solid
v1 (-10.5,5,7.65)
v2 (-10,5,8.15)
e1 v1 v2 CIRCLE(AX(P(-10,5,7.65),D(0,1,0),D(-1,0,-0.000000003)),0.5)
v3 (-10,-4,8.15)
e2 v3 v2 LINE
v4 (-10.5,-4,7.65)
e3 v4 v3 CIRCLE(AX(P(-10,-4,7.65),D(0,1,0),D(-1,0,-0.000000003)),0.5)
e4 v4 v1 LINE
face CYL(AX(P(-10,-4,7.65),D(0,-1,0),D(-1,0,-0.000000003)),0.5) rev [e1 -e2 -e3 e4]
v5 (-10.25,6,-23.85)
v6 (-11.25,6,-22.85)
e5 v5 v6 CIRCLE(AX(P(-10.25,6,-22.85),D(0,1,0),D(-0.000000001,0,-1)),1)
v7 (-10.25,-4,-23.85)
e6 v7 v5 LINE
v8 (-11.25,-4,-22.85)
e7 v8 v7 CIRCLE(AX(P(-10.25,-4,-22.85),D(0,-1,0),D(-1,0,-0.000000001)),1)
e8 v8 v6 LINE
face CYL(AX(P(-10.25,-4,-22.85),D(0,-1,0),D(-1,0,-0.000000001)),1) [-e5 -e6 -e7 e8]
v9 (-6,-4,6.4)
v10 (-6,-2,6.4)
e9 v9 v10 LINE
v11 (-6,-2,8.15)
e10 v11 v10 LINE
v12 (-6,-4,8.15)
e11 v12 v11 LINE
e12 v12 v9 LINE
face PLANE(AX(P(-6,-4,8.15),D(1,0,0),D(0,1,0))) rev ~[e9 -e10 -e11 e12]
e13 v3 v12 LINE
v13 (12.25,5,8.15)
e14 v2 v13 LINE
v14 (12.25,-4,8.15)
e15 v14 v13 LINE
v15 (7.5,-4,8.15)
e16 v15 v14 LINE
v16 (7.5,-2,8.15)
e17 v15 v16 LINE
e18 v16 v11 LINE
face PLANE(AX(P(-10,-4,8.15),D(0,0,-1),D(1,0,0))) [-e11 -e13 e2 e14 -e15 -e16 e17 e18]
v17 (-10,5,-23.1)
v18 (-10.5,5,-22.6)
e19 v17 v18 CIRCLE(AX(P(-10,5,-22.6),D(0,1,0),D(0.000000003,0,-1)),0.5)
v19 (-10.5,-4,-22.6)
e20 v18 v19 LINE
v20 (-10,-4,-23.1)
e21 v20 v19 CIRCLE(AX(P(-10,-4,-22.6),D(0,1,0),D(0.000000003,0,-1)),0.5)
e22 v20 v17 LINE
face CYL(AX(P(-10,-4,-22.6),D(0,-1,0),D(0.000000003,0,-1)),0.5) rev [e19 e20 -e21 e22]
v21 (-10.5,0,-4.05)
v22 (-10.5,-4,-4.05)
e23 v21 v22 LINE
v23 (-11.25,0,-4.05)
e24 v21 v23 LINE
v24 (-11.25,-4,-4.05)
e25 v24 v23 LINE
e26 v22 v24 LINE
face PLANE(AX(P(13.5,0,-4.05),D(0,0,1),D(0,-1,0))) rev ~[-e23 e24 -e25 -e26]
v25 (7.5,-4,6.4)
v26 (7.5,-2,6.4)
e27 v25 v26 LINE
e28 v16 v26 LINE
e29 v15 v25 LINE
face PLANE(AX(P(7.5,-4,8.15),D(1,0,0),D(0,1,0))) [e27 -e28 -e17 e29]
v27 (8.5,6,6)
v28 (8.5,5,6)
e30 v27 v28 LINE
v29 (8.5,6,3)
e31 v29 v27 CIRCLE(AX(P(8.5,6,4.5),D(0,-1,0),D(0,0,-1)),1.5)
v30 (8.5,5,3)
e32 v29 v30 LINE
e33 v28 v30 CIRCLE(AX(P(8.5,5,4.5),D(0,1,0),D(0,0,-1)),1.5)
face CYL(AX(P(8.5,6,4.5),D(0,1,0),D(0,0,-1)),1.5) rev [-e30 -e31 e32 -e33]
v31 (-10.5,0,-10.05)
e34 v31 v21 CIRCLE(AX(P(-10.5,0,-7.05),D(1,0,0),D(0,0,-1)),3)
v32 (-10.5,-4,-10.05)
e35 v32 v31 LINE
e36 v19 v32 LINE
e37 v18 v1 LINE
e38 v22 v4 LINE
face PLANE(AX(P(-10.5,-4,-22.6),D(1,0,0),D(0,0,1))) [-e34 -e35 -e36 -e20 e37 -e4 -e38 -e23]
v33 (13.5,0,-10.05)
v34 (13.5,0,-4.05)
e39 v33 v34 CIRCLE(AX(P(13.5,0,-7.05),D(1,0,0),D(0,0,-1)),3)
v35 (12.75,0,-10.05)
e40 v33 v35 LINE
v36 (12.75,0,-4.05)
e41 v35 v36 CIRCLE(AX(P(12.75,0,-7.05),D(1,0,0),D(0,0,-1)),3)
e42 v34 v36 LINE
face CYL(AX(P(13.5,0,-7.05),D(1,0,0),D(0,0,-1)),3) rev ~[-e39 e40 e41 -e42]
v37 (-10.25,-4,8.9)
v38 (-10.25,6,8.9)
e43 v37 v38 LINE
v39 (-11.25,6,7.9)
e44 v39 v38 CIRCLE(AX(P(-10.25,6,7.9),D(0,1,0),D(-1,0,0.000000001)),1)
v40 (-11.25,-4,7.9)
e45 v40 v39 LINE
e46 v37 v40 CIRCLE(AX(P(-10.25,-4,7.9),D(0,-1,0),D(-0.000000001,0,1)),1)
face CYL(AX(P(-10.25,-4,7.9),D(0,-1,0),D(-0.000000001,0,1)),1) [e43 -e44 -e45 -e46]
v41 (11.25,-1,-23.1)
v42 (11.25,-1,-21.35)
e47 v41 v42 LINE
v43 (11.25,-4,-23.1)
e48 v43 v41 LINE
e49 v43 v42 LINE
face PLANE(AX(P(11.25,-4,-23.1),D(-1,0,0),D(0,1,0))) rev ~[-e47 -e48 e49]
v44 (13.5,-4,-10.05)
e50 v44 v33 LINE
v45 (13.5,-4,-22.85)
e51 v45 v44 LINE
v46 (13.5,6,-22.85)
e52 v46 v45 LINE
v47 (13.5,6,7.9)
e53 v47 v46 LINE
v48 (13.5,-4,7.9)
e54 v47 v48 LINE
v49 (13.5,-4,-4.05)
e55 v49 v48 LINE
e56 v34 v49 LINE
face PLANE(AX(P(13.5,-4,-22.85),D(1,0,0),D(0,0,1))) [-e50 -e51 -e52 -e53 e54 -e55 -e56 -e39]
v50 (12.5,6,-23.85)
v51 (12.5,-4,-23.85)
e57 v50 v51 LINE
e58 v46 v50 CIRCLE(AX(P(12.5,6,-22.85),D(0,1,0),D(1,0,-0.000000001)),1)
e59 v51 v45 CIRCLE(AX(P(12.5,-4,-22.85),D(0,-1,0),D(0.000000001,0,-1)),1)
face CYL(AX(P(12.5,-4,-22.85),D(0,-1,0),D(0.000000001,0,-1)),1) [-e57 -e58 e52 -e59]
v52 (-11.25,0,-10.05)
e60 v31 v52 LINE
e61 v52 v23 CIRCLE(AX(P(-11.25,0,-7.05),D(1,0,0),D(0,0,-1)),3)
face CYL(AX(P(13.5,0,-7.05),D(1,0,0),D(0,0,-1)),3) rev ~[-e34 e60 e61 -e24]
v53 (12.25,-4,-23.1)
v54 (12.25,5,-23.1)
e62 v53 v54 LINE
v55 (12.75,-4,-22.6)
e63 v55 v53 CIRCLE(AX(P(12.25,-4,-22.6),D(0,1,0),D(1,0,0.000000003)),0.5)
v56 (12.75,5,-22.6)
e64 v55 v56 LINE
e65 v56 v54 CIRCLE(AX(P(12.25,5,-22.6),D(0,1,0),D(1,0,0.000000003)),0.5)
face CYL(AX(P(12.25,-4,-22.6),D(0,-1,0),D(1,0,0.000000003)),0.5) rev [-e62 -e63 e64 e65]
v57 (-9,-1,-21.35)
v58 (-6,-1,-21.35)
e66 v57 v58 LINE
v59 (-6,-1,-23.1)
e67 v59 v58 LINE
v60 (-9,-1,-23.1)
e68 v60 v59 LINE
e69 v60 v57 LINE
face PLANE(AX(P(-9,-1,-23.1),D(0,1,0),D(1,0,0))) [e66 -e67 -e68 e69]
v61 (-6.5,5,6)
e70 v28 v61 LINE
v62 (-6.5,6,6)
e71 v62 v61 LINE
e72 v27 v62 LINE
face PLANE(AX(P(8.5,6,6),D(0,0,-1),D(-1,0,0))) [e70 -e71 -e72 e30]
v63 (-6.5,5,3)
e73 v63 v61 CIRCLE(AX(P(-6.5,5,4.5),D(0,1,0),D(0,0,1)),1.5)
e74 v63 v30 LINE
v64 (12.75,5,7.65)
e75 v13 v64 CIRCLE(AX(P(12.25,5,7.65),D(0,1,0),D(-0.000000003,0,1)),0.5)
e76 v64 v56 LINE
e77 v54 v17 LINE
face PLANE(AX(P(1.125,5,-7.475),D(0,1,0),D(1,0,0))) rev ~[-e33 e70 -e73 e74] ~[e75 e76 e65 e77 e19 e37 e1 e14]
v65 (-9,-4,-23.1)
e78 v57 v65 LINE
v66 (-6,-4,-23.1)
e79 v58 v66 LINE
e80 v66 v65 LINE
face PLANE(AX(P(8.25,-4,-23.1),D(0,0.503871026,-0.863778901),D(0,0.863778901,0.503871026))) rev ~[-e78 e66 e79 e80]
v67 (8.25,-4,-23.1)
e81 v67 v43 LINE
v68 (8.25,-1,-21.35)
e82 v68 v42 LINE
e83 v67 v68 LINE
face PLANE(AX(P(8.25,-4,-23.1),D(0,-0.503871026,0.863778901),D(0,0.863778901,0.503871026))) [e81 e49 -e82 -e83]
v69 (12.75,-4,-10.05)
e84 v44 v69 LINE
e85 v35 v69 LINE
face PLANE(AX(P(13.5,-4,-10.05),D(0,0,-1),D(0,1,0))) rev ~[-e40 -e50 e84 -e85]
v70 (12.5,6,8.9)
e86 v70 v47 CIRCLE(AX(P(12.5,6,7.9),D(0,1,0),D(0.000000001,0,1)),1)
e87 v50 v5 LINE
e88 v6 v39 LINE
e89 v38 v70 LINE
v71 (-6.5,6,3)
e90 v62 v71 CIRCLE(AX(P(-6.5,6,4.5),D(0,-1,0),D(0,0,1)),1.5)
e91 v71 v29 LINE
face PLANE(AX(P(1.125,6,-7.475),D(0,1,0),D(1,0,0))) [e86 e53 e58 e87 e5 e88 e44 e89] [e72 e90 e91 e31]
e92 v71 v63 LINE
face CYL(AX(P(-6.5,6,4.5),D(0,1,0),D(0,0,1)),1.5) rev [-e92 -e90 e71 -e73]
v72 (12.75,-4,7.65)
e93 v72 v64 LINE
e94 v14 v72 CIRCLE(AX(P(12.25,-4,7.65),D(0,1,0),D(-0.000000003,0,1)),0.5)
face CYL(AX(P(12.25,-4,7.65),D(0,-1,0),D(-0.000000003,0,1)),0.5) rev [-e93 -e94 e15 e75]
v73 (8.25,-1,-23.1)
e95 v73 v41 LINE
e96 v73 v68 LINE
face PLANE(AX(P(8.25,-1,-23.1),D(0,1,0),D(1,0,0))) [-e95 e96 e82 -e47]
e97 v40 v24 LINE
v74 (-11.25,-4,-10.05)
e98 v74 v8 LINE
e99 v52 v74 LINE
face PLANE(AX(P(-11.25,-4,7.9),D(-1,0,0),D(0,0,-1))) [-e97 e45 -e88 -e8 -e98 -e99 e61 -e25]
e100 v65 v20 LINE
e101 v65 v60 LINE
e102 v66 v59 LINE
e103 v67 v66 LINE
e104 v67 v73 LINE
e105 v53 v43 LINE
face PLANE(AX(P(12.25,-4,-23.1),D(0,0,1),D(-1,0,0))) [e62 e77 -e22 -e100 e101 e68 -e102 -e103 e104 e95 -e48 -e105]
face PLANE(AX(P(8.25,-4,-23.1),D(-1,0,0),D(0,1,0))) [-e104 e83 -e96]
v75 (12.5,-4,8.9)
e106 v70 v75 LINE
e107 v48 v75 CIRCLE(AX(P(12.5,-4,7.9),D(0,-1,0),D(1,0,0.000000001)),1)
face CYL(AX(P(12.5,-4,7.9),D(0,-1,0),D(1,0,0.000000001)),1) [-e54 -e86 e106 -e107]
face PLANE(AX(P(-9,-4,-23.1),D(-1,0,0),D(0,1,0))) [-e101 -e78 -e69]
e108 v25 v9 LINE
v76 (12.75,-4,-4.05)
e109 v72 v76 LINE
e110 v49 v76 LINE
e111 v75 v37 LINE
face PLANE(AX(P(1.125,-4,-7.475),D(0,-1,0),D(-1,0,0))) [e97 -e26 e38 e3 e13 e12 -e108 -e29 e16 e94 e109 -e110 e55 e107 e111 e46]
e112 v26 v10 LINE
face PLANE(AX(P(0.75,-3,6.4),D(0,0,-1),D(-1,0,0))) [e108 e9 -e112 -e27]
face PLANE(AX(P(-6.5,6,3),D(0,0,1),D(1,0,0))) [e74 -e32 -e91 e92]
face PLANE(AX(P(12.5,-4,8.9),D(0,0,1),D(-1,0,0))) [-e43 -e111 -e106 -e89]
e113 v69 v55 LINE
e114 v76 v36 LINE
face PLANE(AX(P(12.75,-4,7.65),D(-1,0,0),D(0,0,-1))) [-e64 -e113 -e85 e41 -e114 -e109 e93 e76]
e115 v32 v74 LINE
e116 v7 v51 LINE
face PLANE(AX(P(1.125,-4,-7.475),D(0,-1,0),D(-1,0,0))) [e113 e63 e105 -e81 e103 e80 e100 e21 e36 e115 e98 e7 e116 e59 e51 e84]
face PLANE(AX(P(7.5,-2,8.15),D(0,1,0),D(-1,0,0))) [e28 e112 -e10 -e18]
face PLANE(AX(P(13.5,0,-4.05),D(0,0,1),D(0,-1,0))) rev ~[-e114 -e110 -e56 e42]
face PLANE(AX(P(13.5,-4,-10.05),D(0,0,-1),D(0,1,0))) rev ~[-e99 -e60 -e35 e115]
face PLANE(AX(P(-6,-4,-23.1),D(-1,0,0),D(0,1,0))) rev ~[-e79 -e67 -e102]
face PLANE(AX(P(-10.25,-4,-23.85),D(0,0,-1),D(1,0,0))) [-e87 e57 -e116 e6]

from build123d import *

# Parameters (mm, degrees)
BOSS_EXTRUDE33_DEPTH = 5
BOSS_EXTRUDE34_START = 5
BOSS_EXTRUDE34_DEPTH = 1
BOSS_EXTRUDE35_START = -4
BOSS_EXTRUDE35_DEPTH = 4
CUT_EXTRUDE2_DEPTH   = 35.891044696
CUT_EXTRUDE3_DEPTH   = 30.173146899
SKETCH22_W           = 13.5
SKETCH22_H           = 2
BOSS_EXTRUDE37_DEPTH = 1.75
SKETCH23_W           = 3
SKETCH23_H           = 3
BOSS_EXTRUDE38_DEPTH = 1.75
CUT_EXTRUDE4_DEPTH   = 3
CUT_EXTRUDE5_DEPTH   = 17.5


with BuildPart() as part:
    # lid → Boss-Extrude33 (new body)
    with BuildSketch(Plane(origin=(0, 0, 0), x_dir=(1, 0, 0), z_dir=(0, 1, 0))):
        with BuildLine():
            Line((12.5, 23.85), (-10.25, 23.85))
            ThreePointArc((-10.25, 23.85), (-10.957106781, 23.557106781), (-11.25, 22.85))
            Line((-11.25, 22.85), (-11.25, -7.9))
            ThreePointArc((-11.25, -7.9), (-10.957106781, -8.607106781), (-10.25, -8.9))
            Line((-10.25, -8.9), (12.5, -8.9))
            ThreePointArc((12.5, -8.9), (13.207106781, -8.607106781), (13.5, -7.9))
            Line((13.5, -7.9), (13.5, 22.85))
            ThreePointArc((13.5, 22.85), (13.207106781, 23.557106781), (12.5, 23.85))
        make_face()
        with BuildLine():
            Line((-10.5, -7.65), (-10.5, 22.6))
            ThreePointArc((-10.5, 22.6), (-10.353553391, 22.953553391), (-10, 23.1))
            Line((-10, 23.1), (12.25, 23.1))
            ThreePointArc((12.25, 23.1), (12.603553391, 22.953553391), (12.75, 22.6))
            Line((12.75, 22.6), (12.75, -7.65))
            ThreePointArc((12.75, -7.65), (12.603553391, -8.003553391), (12.25, -8.15))
            Line((12.25, -8.15), (-10, -8.15))
            ThreePointArc((-10, -8.15), (-10.353553391, -8.003553391), (-10.5, -7.65))
        make_face(mode=Mode.SUBTRACT)
    extrude(amount=BOSS_EXTRUDE33_DEPTH)

    # lid<5> → Boss-Extrude34 (add)
    with BuildSketch(Plane(origin=(0, 0, 0), x_dir=(1, 0, 0), z_dir=(0, 1, 0)).offset(BOSS_EXTRUDE34_START)):
        with BuildLine():
            Line((12.5, 23.85), (-10.25, 23.85))
            ThreePointArc((-10.25, 23.85), (-10.957106781, 23.557106781), (-11.25, 22.85))
            Line((-11.25, 22.85), (-11.25, -7.9))
            ThreePointArc((-11.25, -7.9), (-10.957106781, -8.607106781), (-10.25, -8.9))
            Line((-10.25, -8.9), (12.5, -8.9))
            ThreePointArc((12.5, -8.9), (13.207106781, -8.607106781), (13.5, -7.9))
            Line((13.5, -7.9), (13.5, 22.85))
            ThreePointArc((13.5, 22.85), (13.207106781, 23.557106781), (12.5, 23.85))
        make_face()
    extrude(amount=BOSS_EXTRUDE34_DEPTH)

    # lid<7> → Boss-Extrude35 (add)
    with BuildSketch(Plane(origin=(0, 0, 0), x_dir=(1, 0, 0), z_dir=(0, 1, 0)).offset(BOSS_EXTRUDE35_START)):
        with BuildLine():
            Line((-10.25, 23.85), (12.5, 23.85))
            ThreePointArc((12.5, 23.85), (13.207106781, 23.557106781), (13.5, 22.85))
            Line((13.5, 22.85), (13.5, -7.9))
            ThreePointArc((13.5, -7.9), (13.207106781, -8.607106781), (12.5, -8.9))
            Line((12.5, -8.9), (-10.25, -8.9))
            ThreePointArc((-10.25, -8.9), (-10.957106781, -8.607106781), (-11.25, -7.9))
            Line((-11.25, -7.9), (-11.25, 22.85))
            ThreePointArc((-11.25, 22.85), (-10.957106781, 23.557106781), (-10.25, 23.85))
        make_face()
        with BuildLine():
            Line((-10.5, 22.6), (-10.5, -7.65))
            ThreePointArc((-10.5, -7.65), (-10.353553391, -8.003553391), (-10, -8.15))
            Line((-10, -8.15), (12.25, -8.15))
            ThreePointArc((12.25, -8.15), (12.603553391, -8.003553391), (12.75, -7.65))
            Line((12.75, -7.65), (12.75, 22.6))
            ThreePointArc((12.75, 22.6), (12.603553391, 22.953553391), (12.25, 23.1))
            Line((12.25, 23.1), (-10, 23.1))
            ThreePointArc((-10, 23.1), (-10.353553391, 22.953553391), (-10.5, 22.6))
        make_face(mode=Mode.SUBTRACT)
    extrude(amount=BOSS_EXTRUDE35_DEPTH)

    # Sketch21 → Cut-Extrude2 (cut, through all)
    with BuildSketch(Plane(origin=(13.5, 0, 0), x_dir=(0, 0, -1), z_dir=(1, 0, 0))):
        with BuildLine():
            Line((4.05, 0), (4.05, -4))
            Line((4.05, -4), (10.05, -4))
            Line((10.05, -4), (10.05, 0))
            ThreePointArc((10.05, 0), (7.05, 3), (4.05, 0))
        make_face()
    extrude(amount=-CUT_EXTRUDE2_DEPTH, mode=Mode.SUBTRACT)

    # Sketch20 → Cut-Extrude3 (cut, through all)
    with BuildSketch(Plane(origin=(0, 6, 0), x_dir=(1, 0, 0), z_dir=(0, 1, 0))):
        with BuildLine():
            Line((-6.5, -3), (8.5, -3))
            ThreePointArc((8.5, -3), (10, -4.5), (8.5, -6))
            Line((8.5, -6), (-6.5, -6))
            ThreePointArc((-6.5, -6), (-8, -4.5), (-6.5, -3))
        make_face()
    extrude(amount=-CUT_EXTRUDE3_DEPTH, mode=Mode.SUBTRACT)

    # Sketch22 → Boss-Extrude37 (add)
    with BuildSketch(Plane(origin=(0, 0, 8.15), x_dir=(-1, 0, 0), z_dir=(0, 0, -1))):
        with Locations((-0.75, -3)):
            Rectangle(SKETCH22_W, SKETCH22_H)
    extrude(amount=BOSS_EXTRUDE37_DEPTH)

    # Sketch23 → Boss-Extrude38 (add)
    with BuildSketch(Plane.XY.offset(-23.1)):
        with Locations((-7.5, -2.5)):
            Rectangle(SKETCH23_W, SKETCH23_H)
        with Locations((9.75, -2.5)):
            Rectangle(SKETCH23_W, SKETCH23_H)
    extrude(amount=BOSS_EXTRUDE38_DEPTH)

    # Sketch24 → Cut-Extrude4 (cut)
    with BuildSketch(Plane.ZY.offset(-8.25)):
        Polygon((-23.1, -4), (-21.35, -1), (-21.35, -4), align=None)
    extrude(amount=-CUT_EXTRUDE4_DEPTH, mode=Mode.SUBTRACT)

    # Sketch24<2> → Cut-Extrude5 (cut)
    with BuildSketch(Plane.ZY.offset(-8.25)):
        Polygon((-23.1, -4), (-21.35, -1), (-21.35, -4), align=None)
    extrude(amount=CUT_EXTRUDE5_DEPTH, mode=Mode.SUBTRACT)


solid = part.part
